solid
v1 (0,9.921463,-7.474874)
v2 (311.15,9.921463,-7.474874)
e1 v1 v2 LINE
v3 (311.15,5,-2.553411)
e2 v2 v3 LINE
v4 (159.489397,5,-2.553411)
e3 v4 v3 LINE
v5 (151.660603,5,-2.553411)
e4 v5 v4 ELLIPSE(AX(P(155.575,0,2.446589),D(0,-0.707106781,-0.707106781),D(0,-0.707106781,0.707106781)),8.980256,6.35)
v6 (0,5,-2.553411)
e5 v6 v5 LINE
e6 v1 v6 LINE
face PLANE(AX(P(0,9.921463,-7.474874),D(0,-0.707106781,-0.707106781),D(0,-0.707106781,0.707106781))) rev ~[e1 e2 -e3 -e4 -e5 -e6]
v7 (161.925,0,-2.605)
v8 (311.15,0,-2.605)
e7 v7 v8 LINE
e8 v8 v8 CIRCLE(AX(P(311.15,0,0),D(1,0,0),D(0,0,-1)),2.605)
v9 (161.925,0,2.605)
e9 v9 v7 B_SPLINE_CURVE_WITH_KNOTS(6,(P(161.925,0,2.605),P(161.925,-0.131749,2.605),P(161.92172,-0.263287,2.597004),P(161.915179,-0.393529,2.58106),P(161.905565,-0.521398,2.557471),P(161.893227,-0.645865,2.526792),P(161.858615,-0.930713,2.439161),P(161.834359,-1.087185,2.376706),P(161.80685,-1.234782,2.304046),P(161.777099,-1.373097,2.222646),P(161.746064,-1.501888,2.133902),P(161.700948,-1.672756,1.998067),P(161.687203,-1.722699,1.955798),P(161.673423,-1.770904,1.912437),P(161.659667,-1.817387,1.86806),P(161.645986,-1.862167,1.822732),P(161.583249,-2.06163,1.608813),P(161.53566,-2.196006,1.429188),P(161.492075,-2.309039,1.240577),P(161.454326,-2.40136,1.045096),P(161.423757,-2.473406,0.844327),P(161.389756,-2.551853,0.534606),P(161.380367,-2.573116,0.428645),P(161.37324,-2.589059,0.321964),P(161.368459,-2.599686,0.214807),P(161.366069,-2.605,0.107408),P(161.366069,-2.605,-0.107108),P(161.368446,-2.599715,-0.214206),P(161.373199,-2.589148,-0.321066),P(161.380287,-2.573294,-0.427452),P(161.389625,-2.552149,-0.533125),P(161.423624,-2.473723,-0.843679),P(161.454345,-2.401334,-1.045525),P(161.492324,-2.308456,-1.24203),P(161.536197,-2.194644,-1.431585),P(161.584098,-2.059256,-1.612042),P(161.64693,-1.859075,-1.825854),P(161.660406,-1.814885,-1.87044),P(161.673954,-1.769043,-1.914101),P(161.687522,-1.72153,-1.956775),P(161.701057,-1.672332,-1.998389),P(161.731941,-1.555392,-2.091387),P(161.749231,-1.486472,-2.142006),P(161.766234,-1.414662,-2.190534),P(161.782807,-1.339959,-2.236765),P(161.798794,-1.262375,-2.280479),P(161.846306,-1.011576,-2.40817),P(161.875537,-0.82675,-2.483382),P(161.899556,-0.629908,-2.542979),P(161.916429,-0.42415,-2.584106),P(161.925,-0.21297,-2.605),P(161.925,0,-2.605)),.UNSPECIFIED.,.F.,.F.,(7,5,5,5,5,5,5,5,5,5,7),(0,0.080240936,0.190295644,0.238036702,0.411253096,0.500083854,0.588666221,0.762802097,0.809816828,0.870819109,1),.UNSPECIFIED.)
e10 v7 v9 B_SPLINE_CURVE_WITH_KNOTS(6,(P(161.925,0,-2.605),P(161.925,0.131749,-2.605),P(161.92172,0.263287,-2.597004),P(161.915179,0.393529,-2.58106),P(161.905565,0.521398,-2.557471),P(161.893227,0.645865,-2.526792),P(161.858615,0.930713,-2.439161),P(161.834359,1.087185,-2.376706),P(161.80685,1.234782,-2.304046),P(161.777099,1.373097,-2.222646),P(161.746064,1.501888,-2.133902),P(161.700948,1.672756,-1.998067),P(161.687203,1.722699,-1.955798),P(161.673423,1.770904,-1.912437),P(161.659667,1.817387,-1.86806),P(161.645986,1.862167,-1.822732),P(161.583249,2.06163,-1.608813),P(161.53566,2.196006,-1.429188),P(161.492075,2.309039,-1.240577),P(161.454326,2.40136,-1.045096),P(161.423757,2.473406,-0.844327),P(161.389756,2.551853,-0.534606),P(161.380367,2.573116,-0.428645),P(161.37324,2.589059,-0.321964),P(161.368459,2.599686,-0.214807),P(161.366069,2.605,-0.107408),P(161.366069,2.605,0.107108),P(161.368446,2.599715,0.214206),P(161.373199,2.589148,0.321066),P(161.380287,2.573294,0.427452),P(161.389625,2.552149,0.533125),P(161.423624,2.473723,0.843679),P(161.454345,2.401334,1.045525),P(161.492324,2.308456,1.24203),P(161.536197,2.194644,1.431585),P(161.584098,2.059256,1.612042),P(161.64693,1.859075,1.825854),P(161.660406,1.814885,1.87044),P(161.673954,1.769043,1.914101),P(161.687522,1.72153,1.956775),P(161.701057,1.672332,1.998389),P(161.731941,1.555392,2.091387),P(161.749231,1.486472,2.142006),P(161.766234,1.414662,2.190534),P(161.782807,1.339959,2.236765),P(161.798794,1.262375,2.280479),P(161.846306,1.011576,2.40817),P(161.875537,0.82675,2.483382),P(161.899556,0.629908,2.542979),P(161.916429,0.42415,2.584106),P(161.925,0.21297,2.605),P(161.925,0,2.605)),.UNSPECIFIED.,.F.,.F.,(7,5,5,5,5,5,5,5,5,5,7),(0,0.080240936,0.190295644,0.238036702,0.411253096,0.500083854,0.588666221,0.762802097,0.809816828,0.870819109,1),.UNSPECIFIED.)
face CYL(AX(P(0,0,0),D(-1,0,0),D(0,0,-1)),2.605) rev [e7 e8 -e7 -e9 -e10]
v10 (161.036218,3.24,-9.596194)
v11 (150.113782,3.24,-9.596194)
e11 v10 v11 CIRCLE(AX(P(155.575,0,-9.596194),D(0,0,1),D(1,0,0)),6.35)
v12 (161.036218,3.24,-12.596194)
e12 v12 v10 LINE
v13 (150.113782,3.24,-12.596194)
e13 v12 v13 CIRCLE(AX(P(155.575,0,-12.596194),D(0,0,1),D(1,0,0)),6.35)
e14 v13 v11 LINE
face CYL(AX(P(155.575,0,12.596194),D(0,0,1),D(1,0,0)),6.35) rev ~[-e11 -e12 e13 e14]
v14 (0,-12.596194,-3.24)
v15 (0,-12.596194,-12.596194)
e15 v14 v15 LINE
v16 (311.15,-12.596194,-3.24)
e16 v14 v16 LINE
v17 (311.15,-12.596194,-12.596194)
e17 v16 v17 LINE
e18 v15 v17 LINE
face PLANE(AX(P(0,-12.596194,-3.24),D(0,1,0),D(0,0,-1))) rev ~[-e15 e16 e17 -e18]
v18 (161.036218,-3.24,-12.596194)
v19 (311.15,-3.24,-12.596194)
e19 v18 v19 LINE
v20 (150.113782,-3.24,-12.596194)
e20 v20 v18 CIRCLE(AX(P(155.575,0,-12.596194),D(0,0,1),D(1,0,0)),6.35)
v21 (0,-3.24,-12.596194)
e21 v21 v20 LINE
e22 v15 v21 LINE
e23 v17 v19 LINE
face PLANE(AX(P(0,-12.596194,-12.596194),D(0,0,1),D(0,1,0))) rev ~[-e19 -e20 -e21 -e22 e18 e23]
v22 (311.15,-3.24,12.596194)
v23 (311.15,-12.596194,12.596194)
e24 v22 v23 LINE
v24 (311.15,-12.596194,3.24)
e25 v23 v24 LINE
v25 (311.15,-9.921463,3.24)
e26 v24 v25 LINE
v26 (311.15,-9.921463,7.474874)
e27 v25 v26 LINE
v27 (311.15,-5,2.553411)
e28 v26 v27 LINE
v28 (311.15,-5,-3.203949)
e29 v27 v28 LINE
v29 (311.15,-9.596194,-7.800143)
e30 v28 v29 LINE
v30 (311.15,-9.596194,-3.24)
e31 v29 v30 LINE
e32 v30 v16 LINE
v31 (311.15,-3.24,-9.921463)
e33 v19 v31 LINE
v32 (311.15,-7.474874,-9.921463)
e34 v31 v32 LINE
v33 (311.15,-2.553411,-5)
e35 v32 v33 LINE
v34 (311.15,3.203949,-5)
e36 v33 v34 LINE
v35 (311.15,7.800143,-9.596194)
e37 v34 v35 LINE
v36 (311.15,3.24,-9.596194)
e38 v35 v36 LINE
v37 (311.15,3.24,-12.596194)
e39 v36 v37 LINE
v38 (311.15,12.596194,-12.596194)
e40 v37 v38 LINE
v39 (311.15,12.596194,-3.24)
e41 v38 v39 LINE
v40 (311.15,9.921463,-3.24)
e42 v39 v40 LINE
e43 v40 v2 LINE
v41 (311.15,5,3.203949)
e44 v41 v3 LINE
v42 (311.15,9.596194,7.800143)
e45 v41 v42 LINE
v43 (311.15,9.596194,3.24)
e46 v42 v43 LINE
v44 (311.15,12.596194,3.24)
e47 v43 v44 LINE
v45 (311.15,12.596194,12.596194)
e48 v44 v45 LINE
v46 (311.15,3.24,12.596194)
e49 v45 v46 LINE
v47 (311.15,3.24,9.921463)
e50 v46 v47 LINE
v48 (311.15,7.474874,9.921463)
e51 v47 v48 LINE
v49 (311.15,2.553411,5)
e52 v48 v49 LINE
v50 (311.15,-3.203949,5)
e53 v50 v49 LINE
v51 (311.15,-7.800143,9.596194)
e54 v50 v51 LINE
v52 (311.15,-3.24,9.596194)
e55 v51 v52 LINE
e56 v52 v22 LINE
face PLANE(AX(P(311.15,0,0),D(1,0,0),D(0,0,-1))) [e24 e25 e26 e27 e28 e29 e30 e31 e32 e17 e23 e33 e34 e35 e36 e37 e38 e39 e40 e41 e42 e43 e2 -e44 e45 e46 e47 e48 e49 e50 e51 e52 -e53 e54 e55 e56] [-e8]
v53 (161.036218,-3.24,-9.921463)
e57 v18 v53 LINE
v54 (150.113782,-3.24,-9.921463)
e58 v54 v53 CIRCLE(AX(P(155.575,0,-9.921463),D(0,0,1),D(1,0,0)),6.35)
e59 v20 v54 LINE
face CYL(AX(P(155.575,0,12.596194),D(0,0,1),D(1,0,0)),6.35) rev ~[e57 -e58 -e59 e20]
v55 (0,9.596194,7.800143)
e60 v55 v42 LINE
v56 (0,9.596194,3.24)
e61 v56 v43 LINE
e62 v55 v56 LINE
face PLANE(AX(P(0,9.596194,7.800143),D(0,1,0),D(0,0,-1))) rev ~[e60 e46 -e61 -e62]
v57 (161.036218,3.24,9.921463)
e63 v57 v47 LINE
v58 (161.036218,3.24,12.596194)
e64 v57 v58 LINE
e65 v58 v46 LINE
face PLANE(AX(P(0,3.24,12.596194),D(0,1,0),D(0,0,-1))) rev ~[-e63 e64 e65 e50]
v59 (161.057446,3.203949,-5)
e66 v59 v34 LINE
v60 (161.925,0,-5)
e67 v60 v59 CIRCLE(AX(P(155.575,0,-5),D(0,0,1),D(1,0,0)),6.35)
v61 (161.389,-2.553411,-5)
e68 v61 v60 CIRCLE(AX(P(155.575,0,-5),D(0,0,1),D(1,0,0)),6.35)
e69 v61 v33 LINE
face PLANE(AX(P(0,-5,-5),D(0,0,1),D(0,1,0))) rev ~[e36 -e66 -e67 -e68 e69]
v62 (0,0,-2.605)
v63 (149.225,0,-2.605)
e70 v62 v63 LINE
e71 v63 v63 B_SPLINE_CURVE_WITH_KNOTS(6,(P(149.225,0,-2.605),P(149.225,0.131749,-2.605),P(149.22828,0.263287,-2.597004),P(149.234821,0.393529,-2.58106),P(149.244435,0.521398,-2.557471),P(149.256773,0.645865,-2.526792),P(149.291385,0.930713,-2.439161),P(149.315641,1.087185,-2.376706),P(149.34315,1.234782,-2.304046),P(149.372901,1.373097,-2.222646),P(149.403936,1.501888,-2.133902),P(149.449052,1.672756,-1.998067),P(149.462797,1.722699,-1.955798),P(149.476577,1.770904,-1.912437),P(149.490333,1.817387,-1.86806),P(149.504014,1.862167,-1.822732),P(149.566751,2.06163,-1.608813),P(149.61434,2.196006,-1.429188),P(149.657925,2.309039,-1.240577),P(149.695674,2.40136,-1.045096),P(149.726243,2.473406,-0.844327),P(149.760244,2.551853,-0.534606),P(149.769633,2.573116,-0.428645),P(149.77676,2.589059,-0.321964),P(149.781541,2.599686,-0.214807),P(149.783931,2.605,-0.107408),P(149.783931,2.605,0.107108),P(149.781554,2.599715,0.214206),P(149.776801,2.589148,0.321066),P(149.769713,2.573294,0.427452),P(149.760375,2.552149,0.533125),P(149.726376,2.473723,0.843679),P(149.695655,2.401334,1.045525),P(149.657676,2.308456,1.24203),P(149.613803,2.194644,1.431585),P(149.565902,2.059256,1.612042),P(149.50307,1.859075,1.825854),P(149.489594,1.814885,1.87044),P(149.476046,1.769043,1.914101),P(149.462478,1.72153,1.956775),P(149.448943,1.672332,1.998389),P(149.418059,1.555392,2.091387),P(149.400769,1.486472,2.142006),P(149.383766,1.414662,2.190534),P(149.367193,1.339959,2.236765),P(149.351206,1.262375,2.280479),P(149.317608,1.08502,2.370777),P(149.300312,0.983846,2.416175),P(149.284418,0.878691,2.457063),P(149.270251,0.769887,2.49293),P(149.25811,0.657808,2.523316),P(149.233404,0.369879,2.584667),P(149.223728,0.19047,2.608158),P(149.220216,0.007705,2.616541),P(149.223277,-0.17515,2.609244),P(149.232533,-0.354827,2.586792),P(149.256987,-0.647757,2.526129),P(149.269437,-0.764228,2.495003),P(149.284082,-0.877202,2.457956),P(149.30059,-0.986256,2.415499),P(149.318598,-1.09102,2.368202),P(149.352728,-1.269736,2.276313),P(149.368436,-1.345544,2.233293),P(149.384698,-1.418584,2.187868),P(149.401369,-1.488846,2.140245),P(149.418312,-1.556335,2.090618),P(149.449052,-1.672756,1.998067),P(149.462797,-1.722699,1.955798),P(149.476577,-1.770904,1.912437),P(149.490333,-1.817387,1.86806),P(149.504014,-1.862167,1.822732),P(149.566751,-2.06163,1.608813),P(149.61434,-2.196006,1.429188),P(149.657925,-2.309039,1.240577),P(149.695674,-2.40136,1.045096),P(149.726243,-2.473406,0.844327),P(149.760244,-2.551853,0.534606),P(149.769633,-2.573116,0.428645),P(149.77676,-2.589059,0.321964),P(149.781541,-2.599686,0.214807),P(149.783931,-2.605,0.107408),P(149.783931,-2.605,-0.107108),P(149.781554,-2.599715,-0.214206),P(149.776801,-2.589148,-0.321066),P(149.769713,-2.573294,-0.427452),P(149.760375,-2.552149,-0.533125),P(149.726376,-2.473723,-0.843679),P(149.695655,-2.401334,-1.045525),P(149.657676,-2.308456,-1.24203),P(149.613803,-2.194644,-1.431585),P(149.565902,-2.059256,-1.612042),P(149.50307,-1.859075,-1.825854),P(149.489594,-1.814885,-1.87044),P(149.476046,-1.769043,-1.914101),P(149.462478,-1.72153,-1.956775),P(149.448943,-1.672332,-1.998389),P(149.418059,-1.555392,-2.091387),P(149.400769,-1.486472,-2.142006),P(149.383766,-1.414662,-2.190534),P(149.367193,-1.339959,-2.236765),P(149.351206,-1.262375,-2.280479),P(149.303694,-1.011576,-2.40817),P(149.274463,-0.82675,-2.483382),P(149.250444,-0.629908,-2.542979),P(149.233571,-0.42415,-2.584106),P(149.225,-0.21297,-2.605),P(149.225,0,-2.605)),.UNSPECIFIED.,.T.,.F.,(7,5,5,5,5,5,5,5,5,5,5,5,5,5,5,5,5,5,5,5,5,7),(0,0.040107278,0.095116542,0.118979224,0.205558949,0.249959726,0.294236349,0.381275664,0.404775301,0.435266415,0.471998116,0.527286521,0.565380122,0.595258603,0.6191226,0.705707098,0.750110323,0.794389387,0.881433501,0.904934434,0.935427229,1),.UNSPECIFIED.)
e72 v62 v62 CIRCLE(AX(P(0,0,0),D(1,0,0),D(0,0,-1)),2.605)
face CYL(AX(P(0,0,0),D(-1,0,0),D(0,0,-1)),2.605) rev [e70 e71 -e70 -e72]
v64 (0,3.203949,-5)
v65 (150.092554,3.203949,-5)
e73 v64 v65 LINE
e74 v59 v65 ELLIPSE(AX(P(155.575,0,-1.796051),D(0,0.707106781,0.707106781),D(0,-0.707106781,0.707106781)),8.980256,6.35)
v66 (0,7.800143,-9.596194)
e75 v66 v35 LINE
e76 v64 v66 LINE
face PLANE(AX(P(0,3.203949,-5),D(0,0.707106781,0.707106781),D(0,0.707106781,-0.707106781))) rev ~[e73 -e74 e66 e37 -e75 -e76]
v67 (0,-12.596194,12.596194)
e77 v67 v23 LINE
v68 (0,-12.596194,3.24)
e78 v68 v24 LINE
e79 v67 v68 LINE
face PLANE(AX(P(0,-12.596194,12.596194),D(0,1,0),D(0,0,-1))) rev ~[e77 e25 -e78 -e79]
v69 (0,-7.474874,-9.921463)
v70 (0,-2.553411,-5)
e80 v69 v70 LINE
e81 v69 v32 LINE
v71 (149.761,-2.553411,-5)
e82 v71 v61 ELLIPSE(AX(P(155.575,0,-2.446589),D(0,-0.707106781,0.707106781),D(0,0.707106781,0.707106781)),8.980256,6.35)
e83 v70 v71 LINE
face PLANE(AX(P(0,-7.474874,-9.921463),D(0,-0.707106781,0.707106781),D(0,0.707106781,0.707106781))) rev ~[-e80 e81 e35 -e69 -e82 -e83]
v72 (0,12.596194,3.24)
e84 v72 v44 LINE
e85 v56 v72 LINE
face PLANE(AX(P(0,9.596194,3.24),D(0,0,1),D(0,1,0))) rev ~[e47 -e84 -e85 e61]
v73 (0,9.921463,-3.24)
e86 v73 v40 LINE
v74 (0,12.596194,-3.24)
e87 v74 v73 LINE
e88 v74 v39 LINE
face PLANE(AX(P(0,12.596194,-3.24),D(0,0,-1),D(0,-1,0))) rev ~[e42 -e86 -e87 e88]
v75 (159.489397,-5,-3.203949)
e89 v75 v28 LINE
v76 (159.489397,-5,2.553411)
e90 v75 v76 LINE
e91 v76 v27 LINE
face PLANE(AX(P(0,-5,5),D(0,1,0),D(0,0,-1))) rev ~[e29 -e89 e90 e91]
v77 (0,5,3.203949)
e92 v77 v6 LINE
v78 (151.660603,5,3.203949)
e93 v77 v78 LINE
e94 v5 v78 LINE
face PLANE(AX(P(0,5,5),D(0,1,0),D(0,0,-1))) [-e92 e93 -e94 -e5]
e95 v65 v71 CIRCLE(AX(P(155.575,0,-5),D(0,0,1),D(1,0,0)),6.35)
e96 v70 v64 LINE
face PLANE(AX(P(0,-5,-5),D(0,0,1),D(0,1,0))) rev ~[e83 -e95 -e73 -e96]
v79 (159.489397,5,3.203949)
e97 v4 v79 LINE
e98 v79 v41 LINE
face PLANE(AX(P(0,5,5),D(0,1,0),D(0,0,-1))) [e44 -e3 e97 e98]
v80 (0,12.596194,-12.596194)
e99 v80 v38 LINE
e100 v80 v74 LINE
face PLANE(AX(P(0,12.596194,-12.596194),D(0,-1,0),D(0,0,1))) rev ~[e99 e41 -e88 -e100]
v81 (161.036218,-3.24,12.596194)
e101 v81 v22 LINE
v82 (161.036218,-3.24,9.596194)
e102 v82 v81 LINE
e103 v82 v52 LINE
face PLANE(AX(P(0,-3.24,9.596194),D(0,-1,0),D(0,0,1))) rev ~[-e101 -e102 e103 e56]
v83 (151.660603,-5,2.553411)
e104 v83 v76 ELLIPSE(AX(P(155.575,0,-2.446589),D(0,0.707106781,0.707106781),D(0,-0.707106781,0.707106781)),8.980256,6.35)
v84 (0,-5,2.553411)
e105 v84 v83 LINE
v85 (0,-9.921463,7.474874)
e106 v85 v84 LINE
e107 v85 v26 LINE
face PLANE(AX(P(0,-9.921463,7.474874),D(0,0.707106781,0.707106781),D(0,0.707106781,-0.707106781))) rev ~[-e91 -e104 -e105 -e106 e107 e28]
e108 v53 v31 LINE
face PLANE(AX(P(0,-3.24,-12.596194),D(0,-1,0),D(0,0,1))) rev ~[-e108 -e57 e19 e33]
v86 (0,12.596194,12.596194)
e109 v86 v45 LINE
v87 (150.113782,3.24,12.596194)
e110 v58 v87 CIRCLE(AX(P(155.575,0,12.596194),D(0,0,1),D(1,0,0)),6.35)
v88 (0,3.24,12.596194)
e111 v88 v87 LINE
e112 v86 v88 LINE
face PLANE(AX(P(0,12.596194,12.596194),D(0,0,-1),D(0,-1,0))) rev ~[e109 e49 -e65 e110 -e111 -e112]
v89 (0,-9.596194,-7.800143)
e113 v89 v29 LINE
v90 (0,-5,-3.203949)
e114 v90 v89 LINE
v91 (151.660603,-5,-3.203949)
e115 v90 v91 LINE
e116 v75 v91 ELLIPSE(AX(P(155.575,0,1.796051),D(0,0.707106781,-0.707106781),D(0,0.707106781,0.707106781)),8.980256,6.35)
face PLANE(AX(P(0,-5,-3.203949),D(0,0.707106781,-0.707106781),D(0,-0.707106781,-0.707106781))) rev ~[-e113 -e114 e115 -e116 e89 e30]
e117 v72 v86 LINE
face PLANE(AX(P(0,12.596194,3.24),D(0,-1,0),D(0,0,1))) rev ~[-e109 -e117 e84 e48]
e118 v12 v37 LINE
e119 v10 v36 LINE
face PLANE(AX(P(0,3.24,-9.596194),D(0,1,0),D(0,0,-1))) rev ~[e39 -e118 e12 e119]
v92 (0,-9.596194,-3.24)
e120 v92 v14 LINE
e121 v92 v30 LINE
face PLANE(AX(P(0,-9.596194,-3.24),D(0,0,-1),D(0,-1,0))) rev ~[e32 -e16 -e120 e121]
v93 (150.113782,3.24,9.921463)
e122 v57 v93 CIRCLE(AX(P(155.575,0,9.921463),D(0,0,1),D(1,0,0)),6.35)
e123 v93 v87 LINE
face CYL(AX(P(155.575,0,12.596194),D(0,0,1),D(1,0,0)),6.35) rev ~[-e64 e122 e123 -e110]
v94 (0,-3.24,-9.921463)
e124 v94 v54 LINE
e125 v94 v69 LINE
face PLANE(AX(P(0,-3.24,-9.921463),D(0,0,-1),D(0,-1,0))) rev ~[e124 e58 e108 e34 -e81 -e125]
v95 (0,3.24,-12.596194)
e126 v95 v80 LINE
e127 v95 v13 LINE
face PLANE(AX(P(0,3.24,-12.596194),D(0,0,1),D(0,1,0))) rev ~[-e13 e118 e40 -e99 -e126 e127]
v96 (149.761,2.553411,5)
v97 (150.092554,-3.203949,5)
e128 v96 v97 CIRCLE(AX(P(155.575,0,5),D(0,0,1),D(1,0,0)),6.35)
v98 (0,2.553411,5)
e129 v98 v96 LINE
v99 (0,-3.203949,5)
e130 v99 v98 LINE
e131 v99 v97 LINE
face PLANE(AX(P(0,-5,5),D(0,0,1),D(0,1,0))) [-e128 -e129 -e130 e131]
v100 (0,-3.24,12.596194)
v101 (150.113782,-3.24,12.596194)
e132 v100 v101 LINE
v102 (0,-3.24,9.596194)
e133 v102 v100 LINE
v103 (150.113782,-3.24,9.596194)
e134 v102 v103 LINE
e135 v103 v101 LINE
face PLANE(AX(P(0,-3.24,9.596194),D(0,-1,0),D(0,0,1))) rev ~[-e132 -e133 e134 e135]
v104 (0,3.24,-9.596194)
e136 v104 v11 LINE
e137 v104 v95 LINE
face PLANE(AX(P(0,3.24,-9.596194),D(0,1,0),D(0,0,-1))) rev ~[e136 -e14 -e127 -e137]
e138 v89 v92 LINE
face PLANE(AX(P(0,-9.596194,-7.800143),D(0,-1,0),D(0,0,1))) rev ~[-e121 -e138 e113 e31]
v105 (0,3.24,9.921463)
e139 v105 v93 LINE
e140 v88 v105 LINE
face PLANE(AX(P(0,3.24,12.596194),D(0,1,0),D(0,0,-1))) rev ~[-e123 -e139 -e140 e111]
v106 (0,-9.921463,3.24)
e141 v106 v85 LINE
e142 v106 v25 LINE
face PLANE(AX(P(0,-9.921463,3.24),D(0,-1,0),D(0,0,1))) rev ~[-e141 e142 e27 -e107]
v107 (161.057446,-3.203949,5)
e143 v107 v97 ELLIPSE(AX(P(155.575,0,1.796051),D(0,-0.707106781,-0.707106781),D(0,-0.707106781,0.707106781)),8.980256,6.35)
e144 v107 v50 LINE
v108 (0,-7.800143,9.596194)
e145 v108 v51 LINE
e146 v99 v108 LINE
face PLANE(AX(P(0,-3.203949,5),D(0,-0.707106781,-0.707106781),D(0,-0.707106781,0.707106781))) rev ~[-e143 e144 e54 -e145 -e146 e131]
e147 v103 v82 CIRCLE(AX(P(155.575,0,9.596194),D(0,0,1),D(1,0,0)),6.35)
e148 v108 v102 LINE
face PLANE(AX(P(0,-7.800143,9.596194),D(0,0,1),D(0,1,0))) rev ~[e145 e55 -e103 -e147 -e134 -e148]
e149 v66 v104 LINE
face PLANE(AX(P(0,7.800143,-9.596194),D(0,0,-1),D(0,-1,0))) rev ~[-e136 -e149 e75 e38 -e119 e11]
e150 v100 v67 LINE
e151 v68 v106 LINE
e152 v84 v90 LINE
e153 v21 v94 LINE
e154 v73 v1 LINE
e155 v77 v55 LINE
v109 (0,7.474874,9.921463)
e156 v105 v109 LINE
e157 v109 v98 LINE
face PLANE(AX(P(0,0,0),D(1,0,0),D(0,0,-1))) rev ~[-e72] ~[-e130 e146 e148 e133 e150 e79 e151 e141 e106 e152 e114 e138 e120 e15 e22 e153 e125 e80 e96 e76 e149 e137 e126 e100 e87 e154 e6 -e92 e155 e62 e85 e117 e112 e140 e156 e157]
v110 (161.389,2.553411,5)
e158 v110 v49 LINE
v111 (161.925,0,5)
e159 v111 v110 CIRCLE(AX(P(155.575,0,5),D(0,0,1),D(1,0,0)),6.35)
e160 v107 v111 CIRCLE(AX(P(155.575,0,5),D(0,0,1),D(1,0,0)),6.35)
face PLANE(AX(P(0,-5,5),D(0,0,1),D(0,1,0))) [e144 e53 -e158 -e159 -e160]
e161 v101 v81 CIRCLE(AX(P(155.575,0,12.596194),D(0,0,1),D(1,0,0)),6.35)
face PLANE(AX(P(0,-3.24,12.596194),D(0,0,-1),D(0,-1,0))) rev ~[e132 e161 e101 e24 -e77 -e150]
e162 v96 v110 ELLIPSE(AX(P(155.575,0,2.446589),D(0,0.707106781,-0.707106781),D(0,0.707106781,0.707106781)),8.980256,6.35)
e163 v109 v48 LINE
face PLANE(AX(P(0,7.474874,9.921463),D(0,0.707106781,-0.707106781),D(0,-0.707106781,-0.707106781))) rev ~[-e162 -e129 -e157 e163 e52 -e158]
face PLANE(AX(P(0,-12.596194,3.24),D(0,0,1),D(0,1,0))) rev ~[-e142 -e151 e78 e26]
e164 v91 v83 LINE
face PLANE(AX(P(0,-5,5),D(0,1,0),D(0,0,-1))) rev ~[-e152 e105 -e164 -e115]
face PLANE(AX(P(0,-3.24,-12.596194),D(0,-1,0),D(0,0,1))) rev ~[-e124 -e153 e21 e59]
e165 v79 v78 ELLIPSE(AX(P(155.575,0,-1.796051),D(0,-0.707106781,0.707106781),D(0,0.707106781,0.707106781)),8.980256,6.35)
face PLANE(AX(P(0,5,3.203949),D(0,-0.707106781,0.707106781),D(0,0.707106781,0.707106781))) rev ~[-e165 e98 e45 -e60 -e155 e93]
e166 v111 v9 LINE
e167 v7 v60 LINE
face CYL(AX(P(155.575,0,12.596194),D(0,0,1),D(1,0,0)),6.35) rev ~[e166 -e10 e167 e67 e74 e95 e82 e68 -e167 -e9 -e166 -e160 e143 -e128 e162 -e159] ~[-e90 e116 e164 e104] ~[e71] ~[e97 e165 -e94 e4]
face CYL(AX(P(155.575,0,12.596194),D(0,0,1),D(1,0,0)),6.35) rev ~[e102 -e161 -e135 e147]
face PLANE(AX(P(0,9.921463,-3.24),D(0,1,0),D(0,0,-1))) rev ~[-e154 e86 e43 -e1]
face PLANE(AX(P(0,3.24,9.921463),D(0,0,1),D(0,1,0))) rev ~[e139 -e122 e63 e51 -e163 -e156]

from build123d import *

# Parameters (mm, degrees)
SKETCH1_R           = 2.605
BOSS_EXTRUDE1_DEPTH = 311.15
CIRPATTERN1_COUNT   = 4
SKETCH2_R           = 6.35
CUT_EXTRUDE1_DEPTH  = 30


with BuildPart() as part:
    # Sketch1 → Boss-Extrude1 (new body)
    with BuildSketch(Plane(origin=(0, 0, 0), x_dir=(0, 0, -1), z_dir=(1, 0, 0))):
        Polygon((5, -5), (5, 3.203948776), (9.596194078, 7.800142853), (9.596194078, 3.24), (12.596194078, 3.24), (12.596194078, 12.596194078), (3.24, 12.596194078), (3.24, 9.921463197), (7.474873734, 9.921463197), (2.553410537, 5), (-5, 5), (-5, -5), align=None)
        Circle(SKETCH1_R, mode=Mode.SUBTRACT)
    boss_extrude1 = extrude(amount=BOSS_EXTRUDE1_DEPTH)

    # CirPattern1: Boss-Extrude1 ×4 about axis
    cirpattern1_axis = Axis((0, 0, 0), (1, 0, 0))
    for i in range(1, CIRPATTERN1_COUNT):
        add(boss_extrude1.rotate(cirpattern1_axis, i * 360 / CIRPATTERN1_COUNT))

    # Sketch2 → Cut-Extrude1 (cut)
    with BuildSketch(Plane.XY.offset(12.596194078)):
        with Locations((155.575, 0)):
            Circle(SKETCH2_R)
    extrude(amount=-CUT_EXTRUDE1_DEPTH, mode=Mode.SUBTRACT)


solid = part.part
